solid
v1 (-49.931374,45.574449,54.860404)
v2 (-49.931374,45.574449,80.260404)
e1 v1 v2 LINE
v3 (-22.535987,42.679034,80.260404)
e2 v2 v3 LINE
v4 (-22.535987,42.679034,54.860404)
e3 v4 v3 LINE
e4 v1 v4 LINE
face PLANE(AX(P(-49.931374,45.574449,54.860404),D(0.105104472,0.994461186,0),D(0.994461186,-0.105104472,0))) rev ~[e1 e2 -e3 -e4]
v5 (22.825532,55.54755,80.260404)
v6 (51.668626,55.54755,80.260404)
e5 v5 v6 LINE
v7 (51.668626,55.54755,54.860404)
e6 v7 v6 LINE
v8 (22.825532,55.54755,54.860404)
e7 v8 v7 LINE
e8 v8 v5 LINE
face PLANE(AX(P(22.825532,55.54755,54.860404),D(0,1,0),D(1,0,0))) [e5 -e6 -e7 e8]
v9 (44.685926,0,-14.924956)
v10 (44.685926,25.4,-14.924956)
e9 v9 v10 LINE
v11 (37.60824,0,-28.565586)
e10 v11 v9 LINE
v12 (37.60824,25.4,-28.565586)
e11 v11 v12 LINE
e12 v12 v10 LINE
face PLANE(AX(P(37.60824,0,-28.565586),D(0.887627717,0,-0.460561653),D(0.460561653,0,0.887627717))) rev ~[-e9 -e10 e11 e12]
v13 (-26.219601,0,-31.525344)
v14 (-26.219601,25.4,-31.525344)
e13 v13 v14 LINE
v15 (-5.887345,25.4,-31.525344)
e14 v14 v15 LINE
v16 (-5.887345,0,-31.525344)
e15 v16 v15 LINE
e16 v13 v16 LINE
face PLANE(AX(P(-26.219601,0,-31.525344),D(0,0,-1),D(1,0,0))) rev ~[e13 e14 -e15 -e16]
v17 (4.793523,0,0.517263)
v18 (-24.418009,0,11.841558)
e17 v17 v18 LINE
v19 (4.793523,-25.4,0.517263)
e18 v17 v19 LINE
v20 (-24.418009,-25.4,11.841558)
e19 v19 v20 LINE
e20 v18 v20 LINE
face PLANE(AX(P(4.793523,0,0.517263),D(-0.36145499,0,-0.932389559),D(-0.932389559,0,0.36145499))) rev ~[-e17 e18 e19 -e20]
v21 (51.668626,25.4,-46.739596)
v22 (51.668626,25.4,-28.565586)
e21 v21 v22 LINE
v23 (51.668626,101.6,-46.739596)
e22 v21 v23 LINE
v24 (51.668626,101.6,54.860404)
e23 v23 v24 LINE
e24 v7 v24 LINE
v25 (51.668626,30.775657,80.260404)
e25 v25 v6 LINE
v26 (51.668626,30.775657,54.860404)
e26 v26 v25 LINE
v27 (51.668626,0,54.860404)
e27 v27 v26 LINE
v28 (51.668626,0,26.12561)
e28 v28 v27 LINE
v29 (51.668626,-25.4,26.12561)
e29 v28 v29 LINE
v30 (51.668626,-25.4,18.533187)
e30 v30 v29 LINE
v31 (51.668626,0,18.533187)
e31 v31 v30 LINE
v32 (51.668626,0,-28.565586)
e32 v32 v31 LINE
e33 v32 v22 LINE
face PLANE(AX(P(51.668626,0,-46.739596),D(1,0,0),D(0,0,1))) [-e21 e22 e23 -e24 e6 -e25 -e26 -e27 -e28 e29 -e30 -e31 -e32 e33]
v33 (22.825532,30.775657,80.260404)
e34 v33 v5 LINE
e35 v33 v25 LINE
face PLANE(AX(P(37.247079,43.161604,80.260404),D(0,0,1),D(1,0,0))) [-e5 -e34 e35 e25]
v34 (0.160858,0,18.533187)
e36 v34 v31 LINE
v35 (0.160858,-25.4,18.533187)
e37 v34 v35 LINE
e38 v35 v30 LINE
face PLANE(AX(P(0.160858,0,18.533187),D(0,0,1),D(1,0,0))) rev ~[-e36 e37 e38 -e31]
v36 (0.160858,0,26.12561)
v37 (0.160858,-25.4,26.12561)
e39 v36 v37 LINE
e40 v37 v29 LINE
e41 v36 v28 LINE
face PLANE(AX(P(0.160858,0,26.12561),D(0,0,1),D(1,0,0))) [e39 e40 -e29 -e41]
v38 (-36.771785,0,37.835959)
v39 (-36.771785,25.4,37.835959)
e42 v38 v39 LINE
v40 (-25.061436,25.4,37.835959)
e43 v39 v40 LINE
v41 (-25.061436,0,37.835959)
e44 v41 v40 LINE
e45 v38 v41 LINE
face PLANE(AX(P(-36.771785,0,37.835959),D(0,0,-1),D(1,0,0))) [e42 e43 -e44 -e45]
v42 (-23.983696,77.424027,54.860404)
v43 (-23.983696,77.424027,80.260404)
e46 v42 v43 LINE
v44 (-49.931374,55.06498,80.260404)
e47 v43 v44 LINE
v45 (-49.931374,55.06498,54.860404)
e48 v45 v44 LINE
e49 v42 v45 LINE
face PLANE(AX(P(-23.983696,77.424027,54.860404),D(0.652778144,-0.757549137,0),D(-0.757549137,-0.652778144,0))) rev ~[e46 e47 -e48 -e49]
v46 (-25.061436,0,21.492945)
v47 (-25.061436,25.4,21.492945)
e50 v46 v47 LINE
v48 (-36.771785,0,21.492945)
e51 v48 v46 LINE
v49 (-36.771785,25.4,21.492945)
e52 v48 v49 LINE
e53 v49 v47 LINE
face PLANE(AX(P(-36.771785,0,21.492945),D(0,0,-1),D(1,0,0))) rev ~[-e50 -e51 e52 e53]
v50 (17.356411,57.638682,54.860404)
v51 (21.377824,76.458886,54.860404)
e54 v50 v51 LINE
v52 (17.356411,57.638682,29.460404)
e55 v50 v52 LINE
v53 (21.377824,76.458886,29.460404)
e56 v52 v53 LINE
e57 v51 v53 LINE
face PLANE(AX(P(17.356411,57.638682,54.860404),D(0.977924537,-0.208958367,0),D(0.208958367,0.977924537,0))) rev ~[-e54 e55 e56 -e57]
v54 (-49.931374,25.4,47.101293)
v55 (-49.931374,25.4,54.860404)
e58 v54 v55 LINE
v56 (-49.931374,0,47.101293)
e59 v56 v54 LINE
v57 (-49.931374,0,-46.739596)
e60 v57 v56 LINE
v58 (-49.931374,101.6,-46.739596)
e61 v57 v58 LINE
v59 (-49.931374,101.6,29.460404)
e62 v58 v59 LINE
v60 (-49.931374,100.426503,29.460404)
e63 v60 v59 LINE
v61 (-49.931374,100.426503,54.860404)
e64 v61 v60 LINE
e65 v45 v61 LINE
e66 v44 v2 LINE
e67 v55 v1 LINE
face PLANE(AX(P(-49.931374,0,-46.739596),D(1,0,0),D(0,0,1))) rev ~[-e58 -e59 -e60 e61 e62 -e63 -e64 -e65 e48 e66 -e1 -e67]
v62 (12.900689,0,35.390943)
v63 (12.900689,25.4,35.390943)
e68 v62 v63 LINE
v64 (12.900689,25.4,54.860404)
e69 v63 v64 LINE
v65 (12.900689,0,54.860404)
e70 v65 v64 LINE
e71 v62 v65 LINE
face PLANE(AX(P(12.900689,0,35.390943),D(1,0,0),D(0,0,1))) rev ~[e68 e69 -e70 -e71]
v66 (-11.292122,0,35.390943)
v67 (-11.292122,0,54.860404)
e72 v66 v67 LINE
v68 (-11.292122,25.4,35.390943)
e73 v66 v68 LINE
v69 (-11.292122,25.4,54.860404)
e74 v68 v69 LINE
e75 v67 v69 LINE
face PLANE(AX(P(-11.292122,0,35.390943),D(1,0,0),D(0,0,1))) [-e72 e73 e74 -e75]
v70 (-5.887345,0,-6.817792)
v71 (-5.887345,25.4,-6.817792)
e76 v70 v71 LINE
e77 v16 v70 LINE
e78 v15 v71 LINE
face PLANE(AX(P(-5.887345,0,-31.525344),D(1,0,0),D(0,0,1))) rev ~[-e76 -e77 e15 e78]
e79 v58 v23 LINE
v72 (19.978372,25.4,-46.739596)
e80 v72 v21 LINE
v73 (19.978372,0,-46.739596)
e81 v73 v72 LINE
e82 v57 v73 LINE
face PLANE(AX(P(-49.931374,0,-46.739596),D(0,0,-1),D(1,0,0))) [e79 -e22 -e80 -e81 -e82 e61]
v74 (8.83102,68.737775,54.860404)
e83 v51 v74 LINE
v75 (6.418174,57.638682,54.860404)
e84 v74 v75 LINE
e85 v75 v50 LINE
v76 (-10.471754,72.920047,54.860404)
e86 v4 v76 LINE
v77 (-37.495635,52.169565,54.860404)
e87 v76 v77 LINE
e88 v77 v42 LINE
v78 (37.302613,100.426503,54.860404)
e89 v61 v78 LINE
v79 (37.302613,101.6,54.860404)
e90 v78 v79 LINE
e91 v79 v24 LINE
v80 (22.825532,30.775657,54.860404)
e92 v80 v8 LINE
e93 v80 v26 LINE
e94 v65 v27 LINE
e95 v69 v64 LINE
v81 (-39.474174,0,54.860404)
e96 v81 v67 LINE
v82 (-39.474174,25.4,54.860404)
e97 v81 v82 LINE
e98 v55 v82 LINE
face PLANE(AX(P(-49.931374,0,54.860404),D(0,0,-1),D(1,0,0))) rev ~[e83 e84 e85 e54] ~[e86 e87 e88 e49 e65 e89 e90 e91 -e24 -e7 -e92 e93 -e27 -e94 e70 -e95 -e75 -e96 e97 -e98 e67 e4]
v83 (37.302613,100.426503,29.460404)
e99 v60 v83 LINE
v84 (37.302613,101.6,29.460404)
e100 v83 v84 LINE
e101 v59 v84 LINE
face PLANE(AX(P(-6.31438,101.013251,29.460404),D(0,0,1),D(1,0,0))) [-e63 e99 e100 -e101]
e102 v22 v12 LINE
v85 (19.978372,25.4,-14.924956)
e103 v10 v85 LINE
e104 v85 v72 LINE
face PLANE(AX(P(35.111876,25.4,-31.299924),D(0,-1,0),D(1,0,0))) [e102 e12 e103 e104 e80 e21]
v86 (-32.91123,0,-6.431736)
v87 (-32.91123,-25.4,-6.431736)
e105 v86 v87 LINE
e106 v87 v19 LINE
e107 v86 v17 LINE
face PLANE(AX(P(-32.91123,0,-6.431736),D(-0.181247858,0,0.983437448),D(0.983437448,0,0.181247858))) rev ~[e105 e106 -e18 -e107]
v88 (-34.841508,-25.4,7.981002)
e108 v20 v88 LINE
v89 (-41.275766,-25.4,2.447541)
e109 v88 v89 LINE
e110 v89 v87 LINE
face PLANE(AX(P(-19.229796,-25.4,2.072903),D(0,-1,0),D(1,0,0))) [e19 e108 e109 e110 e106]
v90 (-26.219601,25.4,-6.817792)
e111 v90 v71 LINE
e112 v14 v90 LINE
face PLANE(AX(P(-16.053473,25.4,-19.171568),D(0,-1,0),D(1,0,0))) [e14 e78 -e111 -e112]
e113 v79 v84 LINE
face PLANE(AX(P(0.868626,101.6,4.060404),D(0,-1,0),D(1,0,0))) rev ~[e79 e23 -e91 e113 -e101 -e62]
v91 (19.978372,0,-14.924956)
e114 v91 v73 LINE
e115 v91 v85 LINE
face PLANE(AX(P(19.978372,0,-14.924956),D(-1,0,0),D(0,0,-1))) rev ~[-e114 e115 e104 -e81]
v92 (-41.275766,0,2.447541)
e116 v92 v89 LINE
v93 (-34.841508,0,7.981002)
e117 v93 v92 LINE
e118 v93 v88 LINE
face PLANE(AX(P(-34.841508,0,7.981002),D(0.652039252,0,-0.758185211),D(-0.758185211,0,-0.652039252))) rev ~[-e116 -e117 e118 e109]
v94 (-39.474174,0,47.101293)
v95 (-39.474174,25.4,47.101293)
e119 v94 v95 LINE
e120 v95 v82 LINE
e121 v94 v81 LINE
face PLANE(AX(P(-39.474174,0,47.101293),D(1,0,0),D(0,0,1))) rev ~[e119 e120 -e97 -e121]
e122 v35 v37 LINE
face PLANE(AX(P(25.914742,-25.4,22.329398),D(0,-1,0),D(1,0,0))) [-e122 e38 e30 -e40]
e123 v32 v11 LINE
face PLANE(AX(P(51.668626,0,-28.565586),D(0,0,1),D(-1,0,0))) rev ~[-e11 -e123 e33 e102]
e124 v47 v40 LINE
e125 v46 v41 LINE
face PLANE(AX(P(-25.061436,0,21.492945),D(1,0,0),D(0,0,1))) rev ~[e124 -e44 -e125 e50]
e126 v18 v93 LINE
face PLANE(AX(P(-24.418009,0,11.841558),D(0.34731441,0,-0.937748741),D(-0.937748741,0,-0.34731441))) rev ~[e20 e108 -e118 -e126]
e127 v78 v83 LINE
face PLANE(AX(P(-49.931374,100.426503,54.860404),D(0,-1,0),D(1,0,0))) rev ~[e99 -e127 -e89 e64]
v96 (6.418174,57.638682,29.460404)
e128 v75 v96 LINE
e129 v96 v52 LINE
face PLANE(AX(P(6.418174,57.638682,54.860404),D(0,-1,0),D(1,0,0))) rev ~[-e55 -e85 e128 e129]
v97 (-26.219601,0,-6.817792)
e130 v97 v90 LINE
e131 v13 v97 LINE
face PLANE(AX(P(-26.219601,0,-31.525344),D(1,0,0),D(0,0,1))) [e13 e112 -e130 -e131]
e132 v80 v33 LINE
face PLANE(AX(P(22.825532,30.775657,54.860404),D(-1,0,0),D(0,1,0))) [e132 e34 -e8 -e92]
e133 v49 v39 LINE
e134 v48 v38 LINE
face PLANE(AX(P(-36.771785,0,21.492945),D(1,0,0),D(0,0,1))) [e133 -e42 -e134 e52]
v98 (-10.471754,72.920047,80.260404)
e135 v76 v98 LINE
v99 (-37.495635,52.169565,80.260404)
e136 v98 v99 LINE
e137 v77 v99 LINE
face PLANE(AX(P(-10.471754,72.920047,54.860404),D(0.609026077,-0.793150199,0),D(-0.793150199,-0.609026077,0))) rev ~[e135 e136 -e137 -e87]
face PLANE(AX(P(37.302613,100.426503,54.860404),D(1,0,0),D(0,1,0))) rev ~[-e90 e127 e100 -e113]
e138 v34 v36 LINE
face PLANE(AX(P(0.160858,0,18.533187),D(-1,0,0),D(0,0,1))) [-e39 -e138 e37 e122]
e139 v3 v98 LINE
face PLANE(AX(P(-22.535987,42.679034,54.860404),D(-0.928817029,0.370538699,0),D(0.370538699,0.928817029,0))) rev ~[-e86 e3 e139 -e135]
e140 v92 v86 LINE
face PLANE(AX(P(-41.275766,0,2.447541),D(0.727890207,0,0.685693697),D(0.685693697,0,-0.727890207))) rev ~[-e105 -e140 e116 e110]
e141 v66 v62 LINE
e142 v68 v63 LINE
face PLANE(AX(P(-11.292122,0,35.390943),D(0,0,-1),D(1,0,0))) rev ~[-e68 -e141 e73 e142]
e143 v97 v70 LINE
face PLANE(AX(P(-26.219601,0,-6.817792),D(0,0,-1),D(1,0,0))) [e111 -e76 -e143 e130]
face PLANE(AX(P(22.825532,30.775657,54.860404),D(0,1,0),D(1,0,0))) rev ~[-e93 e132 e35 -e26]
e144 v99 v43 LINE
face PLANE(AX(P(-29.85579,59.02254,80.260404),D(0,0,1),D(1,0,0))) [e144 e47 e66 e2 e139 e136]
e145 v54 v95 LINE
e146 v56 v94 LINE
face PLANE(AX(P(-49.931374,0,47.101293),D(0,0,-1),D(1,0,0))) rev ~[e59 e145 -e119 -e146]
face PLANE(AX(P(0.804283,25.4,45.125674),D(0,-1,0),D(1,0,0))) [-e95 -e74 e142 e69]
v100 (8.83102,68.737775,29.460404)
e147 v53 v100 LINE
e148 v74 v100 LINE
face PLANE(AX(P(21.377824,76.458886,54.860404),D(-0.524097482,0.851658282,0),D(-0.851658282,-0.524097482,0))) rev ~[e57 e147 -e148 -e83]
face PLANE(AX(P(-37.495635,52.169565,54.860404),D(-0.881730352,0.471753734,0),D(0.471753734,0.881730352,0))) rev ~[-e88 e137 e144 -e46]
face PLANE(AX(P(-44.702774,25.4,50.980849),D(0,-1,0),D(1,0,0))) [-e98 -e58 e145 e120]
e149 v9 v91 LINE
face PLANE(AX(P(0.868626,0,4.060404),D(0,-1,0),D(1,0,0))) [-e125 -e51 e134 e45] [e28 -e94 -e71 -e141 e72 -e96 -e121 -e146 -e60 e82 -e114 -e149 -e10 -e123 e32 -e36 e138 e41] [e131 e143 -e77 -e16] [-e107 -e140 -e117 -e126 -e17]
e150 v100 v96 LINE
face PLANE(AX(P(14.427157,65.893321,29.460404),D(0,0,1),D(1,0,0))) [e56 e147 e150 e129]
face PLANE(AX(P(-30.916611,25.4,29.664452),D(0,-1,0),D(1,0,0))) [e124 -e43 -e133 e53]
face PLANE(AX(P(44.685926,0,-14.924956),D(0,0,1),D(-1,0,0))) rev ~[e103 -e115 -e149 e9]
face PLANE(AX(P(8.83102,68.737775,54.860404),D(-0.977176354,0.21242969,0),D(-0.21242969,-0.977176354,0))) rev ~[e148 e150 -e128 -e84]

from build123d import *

# Parameters (mm, degrees)
F0_W     = 101.6
F0_H     = 101.6
F1_DEPTH = 101.6
F2_W     = 10.4571996808
F2_H     = 7.7591115123
F2_W_2   = 24.1928109899
F2_H_2   = 19.4694609827
F2_W_3   = 11.7103494704
F2_H_3   = 16.3430143148
F2_W_4   = 20.3322558664
F2_H_4   = 24.7075520456
F3_DEPTH = 25.4
F2_W_5   = 51.507767962
F2_H_5   = 7.5924228877
F4_DEPTH = 25.4
F5_W     = 28.8430942774
F5_H     = 24.771893397
F6_DEPTH = 25.4
F5_W_2   = 87.2339873195
F5_H_2   = 1.1734974742
F7_DEPTH = 25.4


with BuildPart() as f1:
    # F0 (on Front) → F1 (new body)
    with BuildSketch(Plane.XZ):
        with Locations((0.8686259389, 4.0604042715)):
            Rectangle(F0_W, F0_H)
    extrude(amount=-F1_DEPTH)

    # F2 (on face) → F3 (cut)
    with BuildSketch(Plane.XZ):
        with Locations((-44.7027742207, 50.9808485153)):
            Rectangle(F2_W, F2_H)
        with Locations((0.8042831905, 45.1256737802)):
            Rectangle(F2_W_2, F2_H_2)
        with Locations((-30.9166107327, 29.6644521877)):
            Rectangle(F2_W_3, F2_H_3)
        with Locations((-16.0534728784, -19.1715676337)):
            Rectangle(F2_W_4, F2_H_4)
        Polygon((19.9783723801, -14.9249564856), (19.9783723801, -46.7395957285), (51.6686259389, -46.7395957285), (51.6686259389, -28.5655856133), (37.6082397997, -28.5655856133), (44.6859262884, -14.9249564856), align=None)
    extrude(amount=-F3_DEPTH, mode=Mode.SUBTRACT)

    # F2 (on face) → F4 (join)
    with BuildSketch(Plane.XZ):
        Polygon((-24.4180094451, 11.84155792), (-34.8415076733, 7.9810023308), (-41.2757657468, 2.447540639), (-32.9112298787, -6.4317355864), (4.7935228795, 0.5172632518), align=None)
        with Locations((25.9147419579, 22.3293984309)):
            Rectangle(F2_W_5, F2_H_5)
    extrude(amount=F4_DEPTH)

    # F5 (on face) → F6 (join)
    with BuildSketch(Plane.XY.offset(54.8604042715)):
        with Locations((37.2470788002, 43.1616036221)):
            Rectangle(F5_W, F5_H)
        Polygon((-23.9836964756, 77.4240270257), (-49.9313740611, 55.0649799407), (-49.9313740611, 45.5744490027), (-22.5359871984, 42.6790341735), (-10.4717537761, 72.9200467467), (-37.4956354499, 52.1695651114), align=None)
    extrude(amount=F6_DEPTH)

    # F5 (on face) → F7 (cut)
    with BuildSketch(Plane.XY.offset(54.8604042715)):
        with Locations((-6.3143804014, 101.0132512629)):
            Rectangle(F5_W_2, F5_H_2)
        Polygon((17.3564106226, 57.638682425), (21.3778242469, 76.4588862658), (8.8310204446, 68.7377750874), (6.418173667, 57.638682425), align=None)
    extrude(amount=-F7_DEPTH, mode=Mode.SUBTRACT)


solid = f1.part
